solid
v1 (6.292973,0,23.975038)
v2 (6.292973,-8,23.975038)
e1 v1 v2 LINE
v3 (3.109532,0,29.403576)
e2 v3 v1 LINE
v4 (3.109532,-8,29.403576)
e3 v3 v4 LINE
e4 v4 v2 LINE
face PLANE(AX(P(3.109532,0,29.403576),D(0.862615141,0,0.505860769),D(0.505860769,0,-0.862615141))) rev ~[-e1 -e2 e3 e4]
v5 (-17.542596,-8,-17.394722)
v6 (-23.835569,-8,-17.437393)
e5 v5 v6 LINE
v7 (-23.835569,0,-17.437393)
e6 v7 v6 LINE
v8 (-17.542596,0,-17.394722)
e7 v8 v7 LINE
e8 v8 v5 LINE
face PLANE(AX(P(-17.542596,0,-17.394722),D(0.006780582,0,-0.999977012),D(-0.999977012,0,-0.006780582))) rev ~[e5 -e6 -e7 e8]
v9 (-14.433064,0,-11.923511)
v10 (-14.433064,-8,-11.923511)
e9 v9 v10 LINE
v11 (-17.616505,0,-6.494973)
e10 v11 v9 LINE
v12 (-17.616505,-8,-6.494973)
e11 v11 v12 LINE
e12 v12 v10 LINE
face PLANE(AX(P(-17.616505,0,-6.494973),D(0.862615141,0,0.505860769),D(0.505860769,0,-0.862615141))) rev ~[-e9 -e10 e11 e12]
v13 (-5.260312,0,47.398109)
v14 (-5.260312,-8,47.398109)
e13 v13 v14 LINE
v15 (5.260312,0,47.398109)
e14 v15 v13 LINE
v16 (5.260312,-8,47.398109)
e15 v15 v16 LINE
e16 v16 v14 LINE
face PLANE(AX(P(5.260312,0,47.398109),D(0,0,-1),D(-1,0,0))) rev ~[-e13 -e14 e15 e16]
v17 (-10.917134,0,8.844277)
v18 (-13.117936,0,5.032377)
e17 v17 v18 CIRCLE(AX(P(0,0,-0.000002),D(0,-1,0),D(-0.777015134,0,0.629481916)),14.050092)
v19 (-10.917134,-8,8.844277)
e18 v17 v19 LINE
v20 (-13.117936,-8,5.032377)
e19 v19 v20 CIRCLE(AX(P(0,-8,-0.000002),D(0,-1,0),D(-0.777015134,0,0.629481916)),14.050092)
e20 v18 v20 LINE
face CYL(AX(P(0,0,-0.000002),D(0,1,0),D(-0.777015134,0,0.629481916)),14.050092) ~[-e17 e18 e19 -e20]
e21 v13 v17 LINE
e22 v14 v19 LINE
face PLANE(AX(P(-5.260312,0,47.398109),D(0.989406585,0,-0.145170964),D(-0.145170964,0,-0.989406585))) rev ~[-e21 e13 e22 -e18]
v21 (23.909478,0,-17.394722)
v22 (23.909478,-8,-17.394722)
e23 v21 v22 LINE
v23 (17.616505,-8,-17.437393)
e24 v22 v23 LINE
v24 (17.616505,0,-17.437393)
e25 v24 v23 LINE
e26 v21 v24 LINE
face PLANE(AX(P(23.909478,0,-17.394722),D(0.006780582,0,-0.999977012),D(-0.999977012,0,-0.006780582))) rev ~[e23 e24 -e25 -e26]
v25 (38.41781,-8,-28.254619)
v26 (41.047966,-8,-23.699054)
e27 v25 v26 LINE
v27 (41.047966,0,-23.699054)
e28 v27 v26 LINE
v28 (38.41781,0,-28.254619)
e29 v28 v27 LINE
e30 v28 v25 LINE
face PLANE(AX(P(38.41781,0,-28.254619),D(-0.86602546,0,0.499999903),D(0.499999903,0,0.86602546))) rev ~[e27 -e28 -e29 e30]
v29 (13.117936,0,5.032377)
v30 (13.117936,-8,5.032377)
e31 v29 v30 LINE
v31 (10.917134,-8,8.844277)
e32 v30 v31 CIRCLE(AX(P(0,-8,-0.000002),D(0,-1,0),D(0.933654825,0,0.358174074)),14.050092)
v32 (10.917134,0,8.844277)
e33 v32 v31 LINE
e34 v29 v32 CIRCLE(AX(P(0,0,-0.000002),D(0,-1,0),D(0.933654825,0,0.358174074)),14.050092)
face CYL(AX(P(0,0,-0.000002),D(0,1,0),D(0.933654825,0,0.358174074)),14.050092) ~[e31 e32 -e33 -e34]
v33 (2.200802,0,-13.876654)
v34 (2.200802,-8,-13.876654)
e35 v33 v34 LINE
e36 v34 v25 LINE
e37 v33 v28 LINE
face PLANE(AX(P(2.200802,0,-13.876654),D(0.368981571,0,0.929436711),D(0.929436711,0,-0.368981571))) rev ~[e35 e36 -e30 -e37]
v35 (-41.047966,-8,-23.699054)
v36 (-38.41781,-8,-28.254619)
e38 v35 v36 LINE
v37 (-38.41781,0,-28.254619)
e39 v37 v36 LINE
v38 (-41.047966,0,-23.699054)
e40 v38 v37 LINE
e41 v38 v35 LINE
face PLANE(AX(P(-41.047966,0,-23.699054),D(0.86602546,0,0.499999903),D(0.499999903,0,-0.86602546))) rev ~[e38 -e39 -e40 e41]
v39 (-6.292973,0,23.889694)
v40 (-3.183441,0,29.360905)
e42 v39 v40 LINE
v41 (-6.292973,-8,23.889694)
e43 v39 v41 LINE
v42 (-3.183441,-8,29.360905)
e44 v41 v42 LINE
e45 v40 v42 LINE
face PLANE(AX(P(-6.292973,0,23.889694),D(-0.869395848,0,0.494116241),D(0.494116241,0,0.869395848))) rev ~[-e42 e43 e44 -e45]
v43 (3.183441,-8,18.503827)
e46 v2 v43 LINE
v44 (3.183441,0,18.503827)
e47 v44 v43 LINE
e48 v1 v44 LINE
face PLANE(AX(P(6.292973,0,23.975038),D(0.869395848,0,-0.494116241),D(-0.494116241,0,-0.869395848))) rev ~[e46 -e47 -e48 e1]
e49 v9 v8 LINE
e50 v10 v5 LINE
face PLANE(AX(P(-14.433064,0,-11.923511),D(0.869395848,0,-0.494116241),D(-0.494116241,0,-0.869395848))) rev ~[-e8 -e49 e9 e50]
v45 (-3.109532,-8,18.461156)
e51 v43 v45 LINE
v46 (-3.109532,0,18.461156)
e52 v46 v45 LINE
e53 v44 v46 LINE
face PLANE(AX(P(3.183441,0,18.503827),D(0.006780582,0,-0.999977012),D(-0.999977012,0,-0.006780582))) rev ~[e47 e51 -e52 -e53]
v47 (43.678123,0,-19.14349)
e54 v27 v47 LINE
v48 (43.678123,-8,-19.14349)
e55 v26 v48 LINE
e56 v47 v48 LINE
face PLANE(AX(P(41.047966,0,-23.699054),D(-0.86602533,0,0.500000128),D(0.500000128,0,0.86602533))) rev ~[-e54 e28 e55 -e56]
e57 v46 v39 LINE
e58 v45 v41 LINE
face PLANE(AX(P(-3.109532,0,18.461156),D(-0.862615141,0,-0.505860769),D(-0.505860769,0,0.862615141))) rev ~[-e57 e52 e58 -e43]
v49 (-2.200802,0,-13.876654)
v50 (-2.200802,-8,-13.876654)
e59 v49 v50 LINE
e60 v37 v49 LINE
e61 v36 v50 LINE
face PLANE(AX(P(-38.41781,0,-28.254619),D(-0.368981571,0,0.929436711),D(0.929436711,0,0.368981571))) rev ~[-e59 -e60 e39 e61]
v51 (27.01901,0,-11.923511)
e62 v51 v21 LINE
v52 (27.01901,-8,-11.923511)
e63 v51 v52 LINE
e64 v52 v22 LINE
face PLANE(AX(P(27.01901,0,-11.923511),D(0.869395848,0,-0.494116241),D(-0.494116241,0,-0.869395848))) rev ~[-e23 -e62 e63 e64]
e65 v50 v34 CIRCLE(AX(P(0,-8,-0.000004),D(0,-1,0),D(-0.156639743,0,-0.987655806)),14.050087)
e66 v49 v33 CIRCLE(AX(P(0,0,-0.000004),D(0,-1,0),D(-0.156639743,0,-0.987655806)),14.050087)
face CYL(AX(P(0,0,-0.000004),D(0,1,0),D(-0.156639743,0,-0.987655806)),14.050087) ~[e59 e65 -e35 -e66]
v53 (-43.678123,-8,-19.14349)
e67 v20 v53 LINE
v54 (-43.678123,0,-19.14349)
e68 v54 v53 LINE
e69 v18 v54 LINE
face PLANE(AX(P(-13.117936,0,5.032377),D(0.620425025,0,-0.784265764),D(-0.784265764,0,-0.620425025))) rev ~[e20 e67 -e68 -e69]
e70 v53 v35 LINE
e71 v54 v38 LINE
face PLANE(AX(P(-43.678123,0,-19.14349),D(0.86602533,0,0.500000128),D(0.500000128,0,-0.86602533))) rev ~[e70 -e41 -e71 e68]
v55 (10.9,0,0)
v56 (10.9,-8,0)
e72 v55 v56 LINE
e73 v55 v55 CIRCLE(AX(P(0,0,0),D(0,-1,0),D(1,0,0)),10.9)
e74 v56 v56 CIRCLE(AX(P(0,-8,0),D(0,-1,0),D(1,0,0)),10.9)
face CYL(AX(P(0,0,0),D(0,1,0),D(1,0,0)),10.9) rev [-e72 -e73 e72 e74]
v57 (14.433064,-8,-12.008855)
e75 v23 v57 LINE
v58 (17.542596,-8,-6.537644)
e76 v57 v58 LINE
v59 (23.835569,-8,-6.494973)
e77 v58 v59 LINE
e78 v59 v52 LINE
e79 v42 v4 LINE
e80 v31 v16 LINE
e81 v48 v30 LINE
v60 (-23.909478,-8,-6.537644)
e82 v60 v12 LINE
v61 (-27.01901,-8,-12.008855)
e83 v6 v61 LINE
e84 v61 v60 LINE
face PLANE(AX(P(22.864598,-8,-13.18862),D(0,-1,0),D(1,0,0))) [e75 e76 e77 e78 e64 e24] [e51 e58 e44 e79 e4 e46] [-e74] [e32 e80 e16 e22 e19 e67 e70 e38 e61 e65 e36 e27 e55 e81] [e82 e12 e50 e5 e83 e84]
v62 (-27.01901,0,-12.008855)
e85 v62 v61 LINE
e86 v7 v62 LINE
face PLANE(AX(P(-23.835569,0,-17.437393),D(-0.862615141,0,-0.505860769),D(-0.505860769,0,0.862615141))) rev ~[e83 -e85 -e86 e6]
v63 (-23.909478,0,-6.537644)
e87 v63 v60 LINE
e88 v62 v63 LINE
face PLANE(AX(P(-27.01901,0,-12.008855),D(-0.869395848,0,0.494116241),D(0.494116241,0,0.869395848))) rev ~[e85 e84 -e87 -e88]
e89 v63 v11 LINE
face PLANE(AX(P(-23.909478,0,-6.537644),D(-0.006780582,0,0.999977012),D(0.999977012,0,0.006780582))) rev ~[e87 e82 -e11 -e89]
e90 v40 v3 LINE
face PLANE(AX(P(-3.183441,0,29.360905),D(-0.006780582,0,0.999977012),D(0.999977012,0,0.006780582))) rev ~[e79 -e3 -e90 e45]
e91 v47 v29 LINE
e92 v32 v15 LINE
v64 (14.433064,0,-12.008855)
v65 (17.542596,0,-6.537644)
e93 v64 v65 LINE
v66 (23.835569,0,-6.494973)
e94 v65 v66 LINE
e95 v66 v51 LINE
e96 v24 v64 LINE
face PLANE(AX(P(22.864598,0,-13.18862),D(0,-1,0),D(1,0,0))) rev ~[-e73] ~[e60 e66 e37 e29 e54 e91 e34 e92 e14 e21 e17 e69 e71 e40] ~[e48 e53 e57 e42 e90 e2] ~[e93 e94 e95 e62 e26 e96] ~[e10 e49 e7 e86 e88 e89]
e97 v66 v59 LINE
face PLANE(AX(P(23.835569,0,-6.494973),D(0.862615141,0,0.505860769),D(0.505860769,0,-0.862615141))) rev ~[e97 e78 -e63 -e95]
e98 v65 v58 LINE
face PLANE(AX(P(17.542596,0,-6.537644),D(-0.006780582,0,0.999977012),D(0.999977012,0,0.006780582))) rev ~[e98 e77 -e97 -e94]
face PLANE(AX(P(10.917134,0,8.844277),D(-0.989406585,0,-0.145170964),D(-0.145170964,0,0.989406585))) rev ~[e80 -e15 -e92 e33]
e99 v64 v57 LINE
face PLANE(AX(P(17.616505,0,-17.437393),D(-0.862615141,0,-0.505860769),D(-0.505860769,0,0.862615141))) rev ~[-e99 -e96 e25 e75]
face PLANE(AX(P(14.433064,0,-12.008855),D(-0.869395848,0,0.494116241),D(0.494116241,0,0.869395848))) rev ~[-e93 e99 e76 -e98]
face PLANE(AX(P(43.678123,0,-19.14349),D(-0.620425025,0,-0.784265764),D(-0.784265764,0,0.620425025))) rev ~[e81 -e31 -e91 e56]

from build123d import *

# Parameters (mm, degrees)
F0_R     = 10.9
F1_DEPTH = 8


with BuildPart() as f1:
    # F0 (on Front) → F1 (new body)
    with BuildSketch(Plane.XZ):
        with BuildLine():
            ThreePointArc((13.117936, 5.032377), (13.815087, 2.55899), (14.050091, 0))
            ThreePointArc((14.050091, 0), (10.684721, -9.123694), (2.200802, -13.876654))
            Line((2.200802, -13.876654), (38.41781, -28.254619))
            Line((38.41781, -28.254619), (41.047966, -23.699054))
            Line((41.047966, -23.699054), (43.678123, -19.14349))
            Line((43.678123, -19.14349), (13.117936, 5.032377))
        make_face()
        Polygon((23.835569, -6.494973), (27.01901, -11.923511), (23.909478, -17.394722), (17.616505, -17.437393), (14.433064, -12.008855), (17.542596, -6.537644), align=None, mode=Mode.SUBTRACT)
        with BuildLine():
            ThreePointArc((-10.917134, 8.844277), (0, 14.050091), (10.917134, 8.844277))
            Line((10.917134, 8.844277), (5.260312, 47.398109))
            Line((5.260312, 47.398109), (0, 47.398109))
            Line((0, 47.398109), (-5.260312, 47.398109))
            Line((-5.260312, 47.398109), (-10.917134, 8.844277))
        make_face()
        Polygon((3.183441, 18.503827), (-3.109532, 18.461156), (-6.292973, 23.889694), (-3.183441, 29.360905), (3.109532, 29.403576), (6.292973, 23.975038), align=None, mode=Mode.SUBTRACT)
        with BuildLine():
            Line((-38.41781, -28.254619), (-2.200802, -13.876654))
            ThreePointArc((-2.200802, -13.876654), (-12.167736, -7.025045), (-13.117936, 5.032377))
            Line((-13.117936, 5.032377), (-43.678123, -19.14349))
            Line((-43.678123, -19.14349), (-41.047966, -23.699054))
            Line((-41.047966, -23.699054), (-38.41781, -28.254619))
        make_face()
        Polygon((-17.542596, -17.394722), (-23.835569, -17.437393), (-27.01901, -12.008855), (-23.909478, -6.537644), (-17.616505, -6.494973), (-14.433064, -11.923511), align=None, mode=Mode.SUBTRACT)
        with BuildLine():
            ThreePointArc((2.200802, -13.876654), (10.684721, -9.123694), (14.050091, 0))
            ThreePointArc((14.050091, 0), (13.815087, 2.55899), (13.117936, 5.032377))
            ThreePointArc((13.117936, 5.032377), (12.167736, 7.025045), (10.917134, 8.844277))
            ThreePointArc((10.917134, 8.844277), (0, 14.050091), (-10.917134, 8.844277))
            ThreePointArc((-10.917134, 8.844277), (-12.167736, 7.025045), (-13.117936, 5.032377))
            ThreePointArc((-13.117936, 5.032377), (-12.167736, -7.025045), (-2.200802, -13.876654))
            ThreePointArc((-2.200802, -13.876654), (0, -14.050091), (2.200802, -13.876654))
        make_face()
        Circle(F0_R, mode=Mode.SUBTRACT)
    extrude(amount=F1_DEPTH)


solid = f1.part
